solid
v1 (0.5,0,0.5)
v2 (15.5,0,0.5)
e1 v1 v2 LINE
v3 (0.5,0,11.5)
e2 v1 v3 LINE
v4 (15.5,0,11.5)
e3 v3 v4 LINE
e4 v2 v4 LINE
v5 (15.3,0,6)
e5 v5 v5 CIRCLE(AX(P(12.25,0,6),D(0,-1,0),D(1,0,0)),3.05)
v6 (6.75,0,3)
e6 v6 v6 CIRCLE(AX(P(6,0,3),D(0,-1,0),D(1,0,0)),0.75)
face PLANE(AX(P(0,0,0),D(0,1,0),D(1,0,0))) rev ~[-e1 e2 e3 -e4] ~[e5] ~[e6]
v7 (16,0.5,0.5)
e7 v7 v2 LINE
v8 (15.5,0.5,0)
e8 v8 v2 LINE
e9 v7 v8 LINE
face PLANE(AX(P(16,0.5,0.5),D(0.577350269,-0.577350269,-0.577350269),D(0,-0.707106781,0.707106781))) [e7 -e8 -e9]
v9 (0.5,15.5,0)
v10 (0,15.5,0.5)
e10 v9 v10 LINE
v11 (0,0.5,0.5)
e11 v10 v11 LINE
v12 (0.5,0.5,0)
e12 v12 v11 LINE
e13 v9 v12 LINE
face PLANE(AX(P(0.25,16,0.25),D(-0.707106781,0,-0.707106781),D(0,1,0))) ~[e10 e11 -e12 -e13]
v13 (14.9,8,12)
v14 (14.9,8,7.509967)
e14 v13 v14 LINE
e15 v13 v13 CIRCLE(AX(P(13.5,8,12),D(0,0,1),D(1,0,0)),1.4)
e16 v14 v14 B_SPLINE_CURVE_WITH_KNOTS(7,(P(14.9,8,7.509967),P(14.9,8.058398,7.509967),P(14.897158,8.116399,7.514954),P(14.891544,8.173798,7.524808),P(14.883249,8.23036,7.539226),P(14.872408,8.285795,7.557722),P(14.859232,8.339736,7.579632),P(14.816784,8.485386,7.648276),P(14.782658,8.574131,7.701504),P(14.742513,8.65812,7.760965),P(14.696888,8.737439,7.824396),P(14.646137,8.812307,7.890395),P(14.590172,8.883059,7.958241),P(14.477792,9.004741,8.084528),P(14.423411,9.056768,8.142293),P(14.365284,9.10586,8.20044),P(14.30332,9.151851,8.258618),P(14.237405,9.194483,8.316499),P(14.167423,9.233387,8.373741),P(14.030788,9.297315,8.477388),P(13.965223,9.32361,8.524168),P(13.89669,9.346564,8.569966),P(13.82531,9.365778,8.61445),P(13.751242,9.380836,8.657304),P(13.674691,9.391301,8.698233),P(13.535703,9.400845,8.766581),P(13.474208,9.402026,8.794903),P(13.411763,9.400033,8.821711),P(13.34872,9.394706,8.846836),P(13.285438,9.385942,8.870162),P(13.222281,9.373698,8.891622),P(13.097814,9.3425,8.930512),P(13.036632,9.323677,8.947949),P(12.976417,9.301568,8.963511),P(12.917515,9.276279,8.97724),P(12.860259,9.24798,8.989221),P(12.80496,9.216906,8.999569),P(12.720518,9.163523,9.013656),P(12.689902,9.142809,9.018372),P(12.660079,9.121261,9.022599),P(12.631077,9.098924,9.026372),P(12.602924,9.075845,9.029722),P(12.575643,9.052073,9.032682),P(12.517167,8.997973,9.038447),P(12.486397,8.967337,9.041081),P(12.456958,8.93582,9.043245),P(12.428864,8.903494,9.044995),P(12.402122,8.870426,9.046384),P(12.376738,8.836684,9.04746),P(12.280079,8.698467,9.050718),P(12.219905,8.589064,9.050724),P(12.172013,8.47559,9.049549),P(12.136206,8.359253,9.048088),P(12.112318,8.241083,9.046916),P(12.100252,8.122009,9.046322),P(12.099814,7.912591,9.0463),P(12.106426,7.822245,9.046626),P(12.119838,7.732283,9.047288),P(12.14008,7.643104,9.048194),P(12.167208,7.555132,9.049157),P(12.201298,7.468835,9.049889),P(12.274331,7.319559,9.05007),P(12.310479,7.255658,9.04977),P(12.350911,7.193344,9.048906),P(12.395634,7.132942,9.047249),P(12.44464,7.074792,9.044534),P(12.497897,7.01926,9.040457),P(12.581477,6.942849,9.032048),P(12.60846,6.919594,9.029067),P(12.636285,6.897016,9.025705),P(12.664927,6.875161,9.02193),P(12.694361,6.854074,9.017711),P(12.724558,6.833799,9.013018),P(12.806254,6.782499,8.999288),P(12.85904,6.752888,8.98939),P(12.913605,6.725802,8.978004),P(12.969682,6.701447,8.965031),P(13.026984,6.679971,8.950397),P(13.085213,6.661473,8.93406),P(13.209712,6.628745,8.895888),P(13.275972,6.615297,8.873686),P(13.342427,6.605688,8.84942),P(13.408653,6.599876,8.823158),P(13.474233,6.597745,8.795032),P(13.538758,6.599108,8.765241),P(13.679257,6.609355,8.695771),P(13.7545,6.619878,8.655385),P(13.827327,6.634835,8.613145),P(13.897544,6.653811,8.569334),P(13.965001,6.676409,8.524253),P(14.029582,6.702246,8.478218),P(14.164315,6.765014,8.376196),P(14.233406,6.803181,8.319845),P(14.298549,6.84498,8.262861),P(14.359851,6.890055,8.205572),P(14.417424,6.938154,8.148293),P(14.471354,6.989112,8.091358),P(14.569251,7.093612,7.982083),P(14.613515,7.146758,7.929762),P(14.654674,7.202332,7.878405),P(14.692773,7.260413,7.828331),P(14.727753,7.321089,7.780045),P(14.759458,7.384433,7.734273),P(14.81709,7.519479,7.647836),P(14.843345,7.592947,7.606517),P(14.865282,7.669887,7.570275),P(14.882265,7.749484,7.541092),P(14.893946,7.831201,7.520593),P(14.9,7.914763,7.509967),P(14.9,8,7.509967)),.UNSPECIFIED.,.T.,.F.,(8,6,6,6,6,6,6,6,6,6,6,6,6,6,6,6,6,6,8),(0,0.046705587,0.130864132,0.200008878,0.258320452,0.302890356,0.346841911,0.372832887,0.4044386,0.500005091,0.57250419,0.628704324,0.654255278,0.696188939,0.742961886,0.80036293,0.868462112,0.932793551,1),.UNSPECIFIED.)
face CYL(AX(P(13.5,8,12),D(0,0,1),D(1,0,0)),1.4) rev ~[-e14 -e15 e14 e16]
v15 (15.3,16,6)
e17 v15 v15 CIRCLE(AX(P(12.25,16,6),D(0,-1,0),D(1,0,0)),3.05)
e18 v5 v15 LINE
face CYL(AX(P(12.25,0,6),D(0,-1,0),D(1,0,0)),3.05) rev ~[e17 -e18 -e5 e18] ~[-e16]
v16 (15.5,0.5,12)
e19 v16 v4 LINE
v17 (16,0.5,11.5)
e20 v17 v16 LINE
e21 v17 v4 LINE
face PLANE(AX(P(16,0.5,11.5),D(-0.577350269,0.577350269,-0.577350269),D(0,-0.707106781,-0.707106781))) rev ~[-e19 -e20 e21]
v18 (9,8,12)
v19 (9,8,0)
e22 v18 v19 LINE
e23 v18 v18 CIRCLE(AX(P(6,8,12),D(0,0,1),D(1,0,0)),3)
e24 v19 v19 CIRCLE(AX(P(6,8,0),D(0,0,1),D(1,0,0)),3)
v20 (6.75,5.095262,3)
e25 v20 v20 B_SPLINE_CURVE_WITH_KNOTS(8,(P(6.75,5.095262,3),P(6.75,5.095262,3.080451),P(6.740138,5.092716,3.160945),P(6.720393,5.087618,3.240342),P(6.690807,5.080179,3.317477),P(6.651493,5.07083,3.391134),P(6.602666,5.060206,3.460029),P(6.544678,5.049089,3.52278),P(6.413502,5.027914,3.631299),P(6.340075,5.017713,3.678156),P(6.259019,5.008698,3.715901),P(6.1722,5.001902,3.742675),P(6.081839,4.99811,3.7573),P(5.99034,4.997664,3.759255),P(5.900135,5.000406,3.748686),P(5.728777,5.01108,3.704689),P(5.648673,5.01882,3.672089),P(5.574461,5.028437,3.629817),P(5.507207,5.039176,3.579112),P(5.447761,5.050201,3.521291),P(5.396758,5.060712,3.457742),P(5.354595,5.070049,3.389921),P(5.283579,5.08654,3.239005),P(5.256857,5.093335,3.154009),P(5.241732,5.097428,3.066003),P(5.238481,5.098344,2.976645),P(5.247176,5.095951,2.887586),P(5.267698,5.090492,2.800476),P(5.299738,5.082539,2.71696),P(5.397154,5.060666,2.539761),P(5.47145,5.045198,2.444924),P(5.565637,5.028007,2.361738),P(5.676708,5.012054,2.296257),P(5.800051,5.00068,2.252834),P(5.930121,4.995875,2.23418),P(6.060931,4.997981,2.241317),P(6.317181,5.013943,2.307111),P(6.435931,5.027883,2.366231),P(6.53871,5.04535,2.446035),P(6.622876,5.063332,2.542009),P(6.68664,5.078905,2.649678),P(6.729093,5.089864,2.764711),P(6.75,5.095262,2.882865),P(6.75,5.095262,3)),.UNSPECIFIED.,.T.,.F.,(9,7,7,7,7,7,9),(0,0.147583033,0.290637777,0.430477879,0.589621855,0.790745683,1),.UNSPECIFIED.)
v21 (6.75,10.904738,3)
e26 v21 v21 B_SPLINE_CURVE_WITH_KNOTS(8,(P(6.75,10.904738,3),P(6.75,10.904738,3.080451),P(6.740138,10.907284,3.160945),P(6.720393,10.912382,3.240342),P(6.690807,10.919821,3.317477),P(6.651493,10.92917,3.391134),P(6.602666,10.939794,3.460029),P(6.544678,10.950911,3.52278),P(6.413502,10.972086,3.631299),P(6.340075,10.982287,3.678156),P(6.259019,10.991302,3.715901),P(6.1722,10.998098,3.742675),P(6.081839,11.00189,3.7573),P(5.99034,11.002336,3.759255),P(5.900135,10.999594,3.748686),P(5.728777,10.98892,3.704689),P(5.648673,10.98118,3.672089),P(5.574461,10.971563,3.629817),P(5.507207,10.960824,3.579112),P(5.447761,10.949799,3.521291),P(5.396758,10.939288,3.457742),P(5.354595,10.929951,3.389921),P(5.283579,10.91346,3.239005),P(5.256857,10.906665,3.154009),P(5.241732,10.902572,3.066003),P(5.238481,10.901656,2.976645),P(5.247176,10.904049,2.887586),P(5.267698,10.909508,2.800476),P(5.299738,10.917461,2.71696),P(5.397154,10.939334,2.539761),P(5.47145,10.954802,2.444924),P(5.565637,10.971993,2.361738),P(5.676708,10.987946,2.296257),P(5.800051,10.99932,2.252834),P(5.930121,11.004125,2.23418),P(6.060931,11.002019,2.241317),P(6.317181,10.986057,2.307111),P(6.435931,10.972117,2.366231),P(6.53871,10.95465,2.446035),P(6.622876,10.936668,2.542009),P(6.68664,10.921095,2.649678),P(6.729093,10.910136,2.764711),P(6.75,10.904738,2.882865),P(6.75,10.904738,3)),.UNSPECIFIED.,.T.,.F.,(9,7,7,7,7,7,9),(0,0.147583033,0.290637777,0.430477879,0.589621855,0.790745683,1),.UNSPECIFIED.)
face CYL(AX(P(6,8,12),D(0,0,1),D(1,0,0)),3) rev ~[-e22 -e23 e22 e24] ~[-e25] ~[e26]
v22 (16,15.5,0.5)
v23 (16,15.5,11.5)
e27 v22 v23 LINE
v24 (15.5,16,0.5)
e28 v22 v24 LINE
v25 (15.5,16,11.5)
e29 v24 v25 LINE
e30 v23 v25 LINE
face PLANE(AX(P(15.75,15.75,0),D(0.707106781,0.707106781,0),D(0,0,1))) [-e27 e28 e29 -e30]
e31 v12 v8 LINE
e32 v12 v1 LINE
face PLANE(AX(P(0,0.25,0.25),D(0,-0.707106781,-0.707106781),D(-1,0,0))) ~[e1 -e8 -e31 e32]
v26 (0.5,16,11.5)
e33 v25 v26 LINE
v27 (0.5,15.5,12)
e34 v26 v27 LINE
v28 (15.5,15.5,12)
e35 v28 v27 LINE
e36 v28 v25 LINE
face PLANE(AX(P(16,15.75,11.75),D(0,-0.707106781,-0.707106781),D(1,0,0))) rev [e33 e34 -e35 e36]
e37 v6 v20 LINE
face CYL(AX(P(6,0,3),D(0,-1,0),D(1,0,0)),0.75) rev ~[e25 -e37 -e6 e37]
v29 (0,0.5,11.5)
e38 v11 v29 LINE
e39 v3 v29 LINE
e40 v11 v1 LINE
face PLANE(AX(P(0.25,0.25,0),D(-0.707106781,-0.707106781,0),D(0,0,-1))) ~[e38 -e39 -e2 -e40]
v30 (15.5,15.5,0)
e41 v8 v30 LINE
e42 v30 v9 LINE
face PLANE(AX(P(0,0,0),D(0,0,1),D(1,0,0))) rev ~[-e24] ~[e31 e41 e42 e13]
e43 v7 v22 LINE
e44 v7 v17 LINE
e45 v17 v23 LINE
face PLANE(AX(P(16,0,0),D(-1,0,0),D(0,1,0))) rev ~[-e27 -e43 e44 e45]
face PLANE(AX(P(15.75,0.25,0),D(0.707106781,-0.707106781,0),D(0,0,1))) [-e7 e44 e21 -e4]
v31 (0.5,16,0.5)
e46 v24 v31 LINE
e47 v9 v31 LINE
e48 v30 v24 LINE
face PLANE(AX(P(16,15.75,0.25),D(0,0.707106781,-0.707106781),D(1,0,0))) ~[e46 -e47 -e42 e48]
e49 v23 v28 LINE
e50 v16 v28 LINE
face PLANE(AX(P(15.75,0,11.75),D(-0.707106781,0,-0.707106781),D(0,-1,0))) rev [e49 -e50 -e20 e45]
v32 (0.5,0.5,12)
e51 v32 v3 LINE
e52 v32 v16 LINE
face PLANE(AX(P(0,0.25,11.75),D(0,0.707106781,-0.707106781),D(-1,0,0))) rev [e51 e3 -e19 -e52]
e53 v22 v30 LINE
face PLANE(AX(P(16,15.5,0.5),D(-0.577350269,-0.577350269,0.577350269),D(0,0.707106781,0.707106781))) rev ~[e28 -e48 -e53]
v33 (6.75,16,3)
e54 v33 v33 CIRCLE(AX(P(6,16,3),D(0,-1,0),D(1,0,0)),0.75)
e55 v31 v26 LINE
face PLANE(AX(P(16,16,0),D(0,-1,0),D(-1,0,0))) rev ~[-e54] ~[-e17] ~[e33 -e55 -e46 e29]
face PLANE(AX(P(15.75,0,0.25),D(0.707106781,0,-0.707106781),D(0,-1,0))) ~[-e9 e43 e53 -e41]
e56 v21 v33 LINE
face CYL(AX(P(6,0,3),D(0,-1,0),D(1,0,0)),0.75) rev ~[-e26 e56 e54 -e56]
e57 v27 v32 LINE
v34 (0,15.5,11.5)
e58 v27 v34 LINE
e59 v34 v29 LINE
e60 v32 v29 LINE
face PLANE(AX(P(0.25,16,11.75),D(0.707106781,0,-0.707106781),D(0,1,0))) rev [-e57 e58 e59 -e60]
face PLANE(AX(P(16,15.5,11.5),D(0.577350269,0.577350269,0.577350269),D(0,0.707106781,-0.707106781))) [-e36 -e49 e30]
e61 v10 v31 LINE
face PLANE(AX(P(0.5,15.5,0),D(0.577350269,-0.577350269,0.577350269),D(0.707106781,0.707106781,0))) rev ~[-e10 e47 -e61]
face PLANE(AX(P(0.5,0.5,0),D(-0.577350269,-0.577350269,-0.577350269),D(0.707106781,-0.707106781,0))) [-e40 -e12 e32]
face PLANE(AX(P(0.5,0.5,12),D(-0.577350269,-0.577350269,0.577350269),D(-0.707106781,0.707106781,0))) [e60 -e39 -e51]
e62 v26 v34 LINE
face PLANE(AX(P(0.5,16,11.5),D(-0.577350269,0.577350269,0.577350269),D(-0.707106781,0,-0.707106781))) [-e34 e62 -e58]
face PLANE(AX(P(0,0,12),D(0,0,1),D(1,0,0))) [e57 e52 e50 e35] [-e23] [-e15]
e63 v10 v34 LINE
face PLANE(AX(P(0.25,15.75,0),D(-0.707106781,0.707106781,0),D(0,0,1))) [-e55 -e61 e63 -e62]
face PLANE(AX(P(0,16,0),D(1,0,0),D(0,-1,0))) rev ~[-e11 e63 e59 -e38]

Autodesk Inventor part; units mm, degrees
ref_plane "YZ Plane" through (0, 0, 0) normal (1, 0, 0) x (0, 1, 0)
ref_plane "XZ Plane" through (0, 0, 0) normal (0, 1, 0) x (-1, 0, 0)
ref_plane "XY Plane" through (0, 0, 0) normal (0, 0, 1) x (1, 0, 0)
sketch "Sketch1" plane through (0, 0, 0) normal (0, 0, 1) x (1, 0, 0)
  line L0 (0, 0) -> (16, 0)
  line L1 (16, 0) -> (16, 16)
  line L2 (16, 16) -> (0, 16)
  line L3 (0, 16) -> (0, 0)
  dimension "d0" = 16
  dimension "d1" = 16
extrude "Extrusion1" add sketch "Sketch1" along normal blind 12
sketch "Sketch3" plane through (0, 0, 0) normal (0, -1, 0) x (1, 0, 0)
  line L0 (0, 0) -> (16, 0) projected
  line L1 (0, 0) -> (0, 12) projected
  circle A0 centre (6, 3) radius 0.75
  circle A1 centre (12.25, 6) radius 3.05
  dimension "d10" = 6.1
  dimension "d11" = 1.5
  dimension "d12" = 3
  dimension "d13" = 6
  dimension "d14" = 6
  dimension "d15" = 12.25
sketch "Sketch2" plane through (0, 0, 12) normal (0, 0, 1) x (1, 0, 0)
  line L0 (0, 16) -> (0, 0) projected
  circle A0 centre (6, 8) radius 3
  circle A1 centre (13.5, 8) radius 1.4
  point P0 (0, 8)
  dimension "d4" = 13.5
  dimension "d5" = 6
  dimension "d6" = 6
  dimension "d7" = 2.8
chamfer "Chamfer1" distance 0.5 angle 45 12 edges at (0, 0, 6) (8, 0, 12) (0, 8, 12) (8, 16, 12) (0, 16, 6) (0, 8, 0) (8, 16, 0) (8, 0, 0) (16, 8, 0) (16, 8, 12) (16, 0, 6) (16, 16, 6)
extrude "Extrusion4" cut sketch "Sketch3" against normal up to next
extrude "Extrusion5" cut sketch "Sketch2" against normal up to next
thread "Thread1" size "M6x1" class "6H" standard "ANSI Metric M Profile" full length
thread "Thread2" size "M3x0.5" class "6H" standard "ANSI Metric M Profile" full length
properties part number "E3D_Heaterblock"
